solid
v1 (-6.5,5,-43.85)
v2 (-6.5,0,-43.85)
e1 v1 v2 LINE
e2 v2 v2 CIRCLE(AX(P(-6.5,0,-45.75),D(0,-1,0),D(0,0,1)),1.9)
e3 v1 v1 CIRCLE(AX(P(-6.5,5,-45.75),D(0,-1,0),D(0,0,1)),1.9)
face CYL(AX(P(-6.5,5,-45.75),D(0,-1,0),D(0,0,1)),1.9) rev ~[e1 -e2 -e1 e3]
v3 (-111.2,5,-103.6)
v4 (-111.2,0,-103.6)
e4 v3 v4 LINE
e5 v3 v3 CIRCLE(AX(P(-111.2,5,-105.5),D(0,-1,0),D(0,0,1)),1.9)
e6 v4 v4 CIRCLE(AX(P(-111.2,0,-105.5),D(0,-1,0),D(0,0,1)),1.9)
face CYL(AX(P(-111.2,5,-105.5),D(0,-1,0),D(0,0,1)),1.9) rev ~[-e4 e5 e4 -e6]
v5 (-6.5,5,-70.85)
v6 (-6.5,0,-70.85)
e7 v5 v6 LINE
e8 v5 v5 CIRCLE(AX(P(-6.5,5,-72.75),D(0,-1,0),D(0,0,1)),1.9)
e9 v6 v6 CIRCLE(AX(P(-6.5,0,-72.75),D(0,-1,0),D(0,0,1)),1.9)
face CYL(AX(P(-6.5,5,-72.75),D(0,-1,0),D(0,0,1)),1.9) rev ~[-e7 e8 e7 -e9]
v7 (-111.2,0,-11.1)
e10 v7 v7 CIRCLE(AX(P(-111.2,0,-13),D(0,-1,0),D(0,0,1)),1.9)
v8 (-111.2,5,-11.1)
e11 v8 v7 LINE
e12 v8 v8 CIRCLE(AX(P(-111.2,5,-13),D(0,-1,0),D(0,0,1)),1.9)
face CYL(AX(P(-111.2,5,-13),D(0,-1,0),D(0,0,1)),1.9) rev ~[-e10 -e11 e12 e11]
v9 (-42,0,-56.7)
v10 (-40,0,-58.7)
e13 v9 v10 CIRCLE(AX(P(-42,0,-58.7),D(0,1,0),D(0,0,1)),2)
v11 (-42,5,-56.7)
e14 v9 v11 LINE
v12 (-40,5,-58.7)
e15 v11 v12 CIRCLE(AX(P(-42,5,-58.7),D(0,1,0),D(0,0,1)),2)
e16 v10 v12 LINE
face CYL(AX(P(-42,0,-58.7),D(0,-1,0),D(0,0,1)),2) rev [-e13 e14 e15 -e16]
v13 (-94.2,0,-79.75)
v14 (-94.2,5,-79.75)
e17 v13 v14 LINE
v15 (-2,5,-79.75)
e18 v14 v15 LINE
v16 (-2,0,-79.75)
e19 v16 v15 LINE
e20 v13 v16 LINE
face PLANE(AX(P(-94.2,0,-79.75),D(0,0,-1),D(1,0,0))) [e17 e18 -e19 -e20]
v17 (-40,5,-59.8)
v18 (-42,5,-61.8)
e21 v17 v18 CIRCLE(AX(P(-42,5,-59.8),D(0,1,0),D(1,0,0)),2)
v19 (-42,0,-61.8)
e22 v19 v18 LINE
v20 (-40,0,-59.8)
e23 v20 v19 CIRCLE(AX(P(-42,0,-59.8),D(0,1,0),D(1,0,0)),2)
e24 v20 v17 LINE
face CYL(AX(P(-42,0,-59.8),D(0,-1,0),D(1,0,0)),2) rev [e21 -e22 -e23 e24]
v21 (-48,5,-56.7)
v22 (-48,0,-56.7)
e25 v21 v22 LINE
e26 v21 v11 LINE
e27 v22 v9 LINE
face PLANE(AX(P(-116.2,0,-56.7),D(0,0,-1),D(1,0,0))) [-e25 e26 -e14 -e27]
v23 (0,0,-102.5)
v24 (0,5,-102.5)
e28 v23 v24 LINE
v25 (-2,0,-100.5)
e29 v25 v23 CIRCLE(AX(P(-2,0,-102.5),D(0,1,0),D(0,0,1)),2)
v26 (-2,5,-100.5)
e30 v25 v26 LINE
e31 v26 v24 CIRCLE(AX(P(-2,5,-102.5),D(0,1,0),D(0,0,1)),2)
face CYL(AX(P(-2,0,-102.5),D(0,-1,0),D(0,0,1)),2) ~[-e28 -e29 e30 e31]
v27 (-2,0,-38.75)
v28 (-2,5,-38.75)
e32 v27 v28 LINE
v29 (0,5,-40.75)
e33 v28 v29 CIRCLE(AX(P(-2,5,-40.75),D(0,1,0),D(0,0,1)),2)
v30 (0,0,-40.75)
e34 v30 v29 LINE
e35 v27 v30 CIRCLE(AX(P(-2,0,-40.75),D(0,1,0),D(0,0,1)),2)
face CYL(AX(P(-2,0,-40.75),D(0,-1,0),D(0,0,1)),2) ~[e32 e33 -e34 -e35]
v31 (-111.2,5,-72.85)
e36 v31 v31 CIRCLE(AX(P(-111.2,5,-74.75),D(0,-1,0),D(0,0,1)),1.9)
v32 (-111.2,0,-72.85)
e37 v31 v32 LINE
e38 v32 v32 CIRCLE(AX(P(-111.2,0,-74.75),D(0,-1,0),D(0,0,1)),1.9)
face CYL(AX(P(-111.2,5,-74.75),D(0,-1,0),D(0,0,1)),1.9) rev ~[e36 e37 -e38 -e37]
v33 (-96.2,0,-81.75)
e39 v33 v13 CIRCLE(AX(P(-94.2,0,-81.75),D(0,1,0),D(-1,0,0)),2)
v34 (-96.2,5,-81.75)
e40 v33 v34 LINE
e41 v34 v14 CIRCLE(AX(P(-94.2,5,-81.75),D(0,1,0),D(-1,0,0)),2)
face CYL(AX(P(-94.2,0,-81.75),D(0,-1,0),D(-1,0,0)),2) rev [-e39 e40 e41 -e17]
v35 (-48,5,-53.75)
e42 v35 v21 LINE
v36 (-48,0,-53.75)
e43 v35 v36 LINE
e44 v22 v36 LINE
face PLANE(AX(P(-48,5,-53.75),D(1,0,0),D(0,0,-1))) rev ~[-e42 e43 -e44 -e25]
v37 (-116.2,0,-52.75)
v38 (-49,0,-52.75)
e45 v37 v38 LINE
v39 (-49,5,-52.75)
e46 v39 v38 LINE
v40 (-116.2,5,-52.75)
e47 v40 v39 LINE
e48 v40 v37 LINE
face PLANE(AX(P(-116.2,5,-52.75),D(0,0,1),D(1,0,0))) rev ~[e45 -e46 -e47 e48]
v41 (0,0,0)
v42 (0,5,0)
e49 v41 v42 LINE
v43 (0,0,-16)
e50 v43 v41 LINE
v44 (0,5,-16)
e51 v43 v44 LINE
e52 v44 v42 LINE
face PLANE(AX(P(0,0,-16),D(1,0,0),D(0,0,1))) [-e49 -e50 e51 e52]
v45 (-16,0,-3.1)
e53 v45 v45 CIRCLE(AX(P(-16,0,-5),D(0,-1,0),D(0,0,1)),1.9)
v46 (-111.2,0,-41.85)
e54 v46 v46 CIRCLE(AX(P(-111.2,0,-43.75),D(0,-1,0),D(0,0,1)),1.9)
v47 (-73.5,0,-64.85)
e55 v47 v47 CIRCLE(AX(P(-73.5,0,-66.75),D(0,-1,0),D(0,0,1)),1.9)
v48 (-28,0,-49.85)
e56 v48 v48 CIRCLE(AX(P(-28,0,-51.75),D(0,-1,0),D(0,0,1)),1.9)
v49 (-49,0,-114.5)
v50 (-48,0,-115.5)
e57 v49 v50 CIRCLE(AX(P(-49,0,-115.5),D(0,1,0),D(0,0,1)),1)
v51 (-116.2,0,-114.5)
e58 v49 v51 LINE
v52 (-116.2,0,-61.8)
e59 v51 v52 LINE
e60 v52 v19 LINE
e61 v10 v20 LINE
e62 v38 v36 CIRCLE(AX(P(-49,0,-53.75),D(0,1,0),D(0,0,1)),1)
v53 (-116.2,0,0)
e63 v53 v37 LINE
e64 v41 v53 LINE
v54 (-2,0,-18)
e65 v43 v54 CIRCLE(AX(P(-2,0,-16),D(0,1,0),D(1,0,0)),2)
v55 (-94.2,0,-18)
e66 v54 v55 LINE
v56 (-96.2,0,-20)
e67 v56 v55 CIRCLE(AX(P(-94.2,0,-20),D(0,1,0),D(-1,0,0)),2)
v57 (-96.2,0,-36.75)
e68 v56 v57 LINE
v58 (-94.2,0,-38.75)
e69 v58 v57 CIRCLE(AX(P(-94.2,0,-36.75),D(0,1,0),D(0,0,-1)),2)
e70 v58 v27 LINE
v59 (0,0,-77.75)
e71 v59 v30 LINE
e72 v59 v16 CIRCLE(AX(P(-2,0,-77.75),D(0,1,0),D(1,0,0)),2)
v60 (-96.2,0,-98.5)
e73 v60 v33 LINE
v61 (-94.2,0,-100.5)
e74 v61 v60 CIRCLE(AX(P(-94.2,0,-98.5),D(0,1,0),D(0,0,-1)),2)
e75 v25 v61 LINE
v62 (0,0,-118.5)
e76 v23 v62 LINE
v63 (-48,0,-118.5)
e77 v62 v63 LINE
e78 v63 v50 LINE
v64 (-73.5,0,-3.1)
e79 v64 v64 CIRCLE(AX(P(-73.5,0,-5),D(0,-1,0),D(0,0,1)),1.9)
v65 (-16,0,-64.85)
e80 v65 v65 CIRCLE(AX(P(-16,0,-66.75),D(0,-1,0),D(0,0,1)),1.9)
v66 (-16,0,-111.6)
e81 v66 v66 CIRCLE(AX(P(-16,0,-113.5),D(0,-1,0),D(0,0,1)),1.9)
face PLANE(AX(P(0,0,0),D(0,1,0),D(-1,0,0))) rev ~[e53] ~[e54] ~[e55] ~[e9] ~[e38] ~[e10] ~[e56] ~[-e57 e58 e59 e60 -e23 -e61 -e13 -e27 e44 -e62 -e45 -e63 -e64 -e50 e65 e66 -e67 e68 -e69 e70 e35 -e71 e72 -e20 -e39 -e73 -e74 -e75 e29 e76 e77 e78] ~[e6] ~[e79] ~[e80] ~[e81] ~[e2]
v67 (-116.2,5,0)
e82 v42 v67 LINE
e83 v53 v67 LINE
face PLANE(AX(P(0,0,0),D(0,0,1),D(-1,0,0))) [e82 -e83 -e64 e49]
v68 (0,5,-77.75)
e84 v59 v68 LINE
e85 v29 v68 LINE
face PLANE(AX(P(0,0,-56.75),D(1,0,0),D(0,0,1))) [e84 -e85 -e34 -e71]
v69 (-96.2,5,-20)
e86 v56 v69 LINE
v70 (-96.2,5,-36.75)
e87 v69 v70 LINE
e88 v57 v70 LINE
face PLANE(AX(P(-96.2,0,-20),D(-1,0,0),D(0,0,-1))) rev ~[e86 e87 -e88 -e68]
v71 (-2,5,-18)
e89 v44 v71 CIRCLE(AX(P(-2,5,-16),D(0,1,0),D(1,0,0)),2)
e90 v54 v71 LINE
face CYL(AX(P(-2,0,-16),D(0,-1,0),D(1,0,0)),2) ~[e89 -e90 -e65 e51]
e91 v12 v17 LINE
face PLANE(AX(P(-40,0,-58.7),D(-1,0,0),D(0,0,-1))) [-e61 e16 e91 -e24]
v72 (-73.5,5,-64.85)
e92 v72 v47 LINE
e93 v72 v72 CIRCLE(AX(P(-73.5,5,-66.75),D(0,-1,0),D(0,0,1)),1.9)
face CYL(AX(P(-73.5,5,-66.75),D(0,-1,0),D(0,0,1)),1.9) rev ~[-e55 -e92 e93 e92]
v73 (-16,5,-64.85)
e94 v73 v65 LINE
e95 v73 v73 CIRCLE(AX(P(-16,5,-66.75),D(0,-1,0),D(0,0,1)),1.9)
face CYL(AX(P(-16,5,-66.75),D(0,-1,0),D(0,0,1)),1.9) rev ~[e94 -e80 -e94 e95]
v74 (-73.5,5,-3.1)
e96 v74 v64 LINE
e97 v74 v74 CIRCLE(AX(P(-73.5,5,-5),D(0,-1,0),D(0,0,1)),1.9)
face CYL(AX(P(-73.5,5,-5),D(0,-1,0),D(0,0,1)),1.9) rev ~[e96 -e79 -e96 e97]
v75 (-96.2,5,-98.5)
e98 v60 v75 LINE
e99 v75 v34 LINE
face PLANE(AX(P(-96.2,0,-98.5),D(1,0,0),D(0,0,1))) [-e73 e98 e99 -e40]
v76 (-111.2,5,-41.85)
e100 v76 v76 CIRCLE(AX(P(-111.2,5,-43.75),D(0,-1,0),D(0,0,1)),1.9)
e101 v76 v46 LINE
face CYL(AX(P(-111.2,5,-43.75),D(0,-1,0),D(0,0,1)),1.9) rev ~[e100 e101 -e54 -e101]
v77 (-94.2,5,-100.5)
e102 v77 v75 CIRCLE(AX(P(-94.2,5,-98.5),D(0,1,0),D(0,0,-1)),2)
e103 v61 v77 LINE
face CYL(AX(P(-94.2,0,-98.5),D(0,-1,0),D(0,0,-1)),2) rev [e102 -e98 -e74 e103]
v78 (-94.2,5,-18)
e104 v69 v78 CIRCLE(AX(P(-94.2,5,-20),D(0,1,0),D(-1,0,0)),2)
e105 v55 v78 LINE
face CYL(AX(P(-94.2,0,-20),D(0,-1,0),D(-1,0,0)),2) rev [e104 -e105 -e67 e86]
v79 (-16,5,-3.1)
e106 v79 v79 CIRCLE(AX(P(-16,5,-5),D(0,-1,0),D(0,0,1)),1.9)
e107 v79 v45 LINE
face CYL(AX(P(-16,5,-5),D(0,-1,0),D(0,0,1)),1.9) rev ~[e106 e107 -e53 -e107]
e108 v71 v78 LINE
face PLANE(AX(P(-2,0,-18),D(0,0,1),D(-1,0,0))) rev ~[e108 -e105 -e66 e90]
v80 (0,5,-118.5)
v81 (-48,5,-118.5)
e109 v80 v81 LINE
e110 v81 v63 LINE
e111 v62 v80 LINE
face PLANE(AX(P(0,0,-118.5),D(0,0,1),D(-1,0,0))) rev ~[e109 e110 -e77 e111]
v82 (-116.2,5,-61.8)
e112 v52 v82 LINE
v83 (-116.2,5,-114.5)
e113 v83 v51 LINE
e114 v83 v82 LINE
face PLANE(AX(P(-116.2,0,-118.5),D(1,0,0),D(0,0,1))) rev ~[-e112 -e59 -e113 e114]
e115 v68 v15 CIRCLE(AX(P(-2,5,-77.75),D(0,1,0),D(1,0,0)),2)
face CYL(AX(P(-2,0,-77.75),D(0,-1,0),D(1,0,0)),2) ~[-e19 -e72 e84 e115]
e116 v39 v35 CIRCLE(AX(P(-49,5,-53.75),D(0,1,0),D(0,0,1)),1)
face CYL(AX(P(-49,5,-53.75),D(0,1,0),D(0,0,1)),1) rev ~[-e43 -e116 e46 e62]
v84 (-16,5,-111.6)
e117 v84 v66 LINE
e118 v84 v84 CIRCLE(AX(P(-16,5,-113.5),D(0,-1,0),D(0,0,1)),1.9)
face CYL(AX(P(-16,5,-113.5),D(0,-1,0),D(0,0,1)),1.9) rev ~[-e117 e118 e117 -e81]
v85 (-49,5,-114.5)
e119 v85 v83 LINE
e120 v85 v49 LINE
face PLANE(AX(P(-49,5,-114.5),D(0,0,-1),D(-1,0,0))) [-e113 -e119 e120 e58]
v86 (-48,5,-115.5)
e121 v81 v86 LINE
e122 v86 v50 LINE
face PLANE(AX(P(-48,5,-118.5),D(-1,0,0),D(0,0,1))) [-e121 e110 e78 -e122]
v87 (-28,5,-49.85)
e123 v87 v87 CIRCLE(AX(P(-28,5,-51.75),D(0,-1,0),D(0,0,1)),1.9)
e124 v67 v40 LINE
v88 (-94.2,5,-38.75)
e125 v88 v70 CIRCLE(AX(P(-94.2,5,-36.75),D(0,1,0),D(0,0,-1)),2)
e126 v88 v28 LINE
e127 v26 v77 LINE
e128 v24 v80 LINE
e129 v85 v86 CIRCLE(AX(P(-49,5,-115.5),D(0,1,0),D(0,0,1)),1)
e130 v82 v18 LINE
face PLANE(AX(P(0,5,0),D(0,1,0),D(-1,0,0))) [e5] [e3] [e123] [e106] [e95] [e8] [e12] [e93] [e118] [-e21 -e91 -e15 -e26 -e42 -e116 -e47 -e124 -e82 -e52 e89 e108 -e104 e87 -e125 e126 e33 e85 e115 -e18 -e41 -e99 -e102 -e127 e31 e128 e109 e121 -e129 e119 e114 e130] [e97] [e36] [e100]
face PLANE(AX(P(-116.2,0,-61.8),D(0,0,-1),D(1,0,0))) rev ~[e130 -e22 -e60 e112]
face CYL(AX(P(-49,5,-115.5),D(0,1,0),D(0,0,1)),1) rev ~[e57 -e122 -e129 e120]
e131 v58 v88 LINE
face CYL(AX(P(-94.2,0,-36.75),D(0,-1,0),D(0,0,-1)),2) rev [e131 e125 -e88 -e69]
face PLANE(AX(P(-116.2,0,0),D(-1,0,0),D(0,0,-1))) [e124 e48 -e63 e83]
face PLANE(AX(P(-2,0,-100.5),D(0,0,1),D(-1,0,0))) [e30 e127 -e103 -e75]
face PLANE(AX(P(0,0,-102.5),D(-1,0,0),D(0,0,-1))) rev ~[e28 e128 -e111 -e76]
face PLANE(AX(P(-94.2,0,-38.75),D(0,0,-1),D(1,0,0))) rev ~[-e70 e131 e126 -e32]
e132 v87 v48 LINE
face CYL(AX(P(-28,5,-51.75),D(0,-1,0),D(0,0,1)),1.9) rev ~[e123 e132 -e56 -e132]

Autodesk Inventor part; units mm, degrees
ref_plane "YZ Plane" through (0, 0, 0) normal (1, 0, 0) x (0, 1, 0)
ref_plane "XZ Plane" through (0, 0, 0) normal (0, 1, 0) x (-1, 0, 0)
ref_plane "XY Plane" through (0, 0, 0) normal (0, 0, 1) x (1, 0, 0)
sketch "Sketch1" plane through (0, 0, 0) normal (0, 1, 0) x (-1, 0, 0)
  line L0 (0, 0) -> (116.2, 0)
  line L1 (116.2, 0) -> (116.2, -56.7)
  line L2 (116.2, -56.7) -> (42, -56.7)
  line L3 (2, -18) -> (94.2, -18)
  line L4 (96.2, -20) -> (96.2, -36.75)
  line L5 (94.2, -38.75) -> (2, -38.75)
  arc A0 (96.2, -20) -> (94.2, -18) centre (94.2, -20) ccw
  arc A1 (94.2, -38.75) -> (96.2, -36.75) centre (94.2, -36.75) ccw
  line L6 (0, -56.75) -> (0, -40.75)
  line L7 (0, -16) -> (0, 0)
  arc A2 (0, -16) -> (2, -18) centre (2, -16) ccw
  arc A3 (2, -38.75) -> (0, -40.75) centre (2, -40.75) ccw
  line L8 (151.2965, -59.25) -> (-22.324, -59.25) construction
  line L9 (0, -118.5) -> (116.2, -118.5)
  line L10 (116.2, -118.5) -> (116.2, -61.8)
  line L11 (116.2, -61.8) -> (42, -61.8)
  line L12 (2, -100.5) -> (94.2, -100.5)
  line L13 (96.2, -98.5) -> (96.2, -81.75)
  line L14 (94.2, -79.75) -> (2, -79.75)
  arc A4 (94.2, -100.5) -> (96.2, -98.5) centre (94.2, -98.5) ccw
  arc A5 (96.2, -81.75) -> (94.2, -79.75) centre (94.2, -81.75) ccw
  line L15 (0, -61.75) -> (0, -77.75)
  line L16 (0, -102.5) -> (0, -118.5)
  arc A6 (2, -100.5) -> (0, -102.5) centre (2, -102.5) ccw
  arc A7 (0, -77.75) -> (2, -79.75) centre (2, -77.75) ccw
  line L17 (40, -58.7) -> (40, -59.8)
  line L18 (0, -61.75) -> (0, -56.75)
  arc A8 (40, -59.8) -> (42, -61.8) centre (42, -59.8) ccw
  arc A9 (42, -56.7) -> (40, -58.7) centre (42, -58.7) ccw
  point P0 (96.2, -38.75)
  point P1 (96.2, -18)
  point P2 (0, -38.75)
  point P3 (0, -28.375)
  point P4 (96.2, -79.75)
  point P5 (96.2, -100.5)
  point P6 (0, -79.75)
  point P7 (0, -90.125)
  dimension "d3" = 20.75
  dimension "d4" = 2
  dimension "d11" = 2
  dimension "d26" = 2
  dimension "d27" = 59.25
  dimension "d28" = 59.25
  dimension "d29" = 116.2
  dimension "d30" = 20
  dimension "d31" = 5.1
  dimension "d32" = 2.55
  dimension "d33" = 40
  dimension "d34" = 18
extrude "Extrusion1" add sketch "Sketch1" along normal blind 5
sketch "Sketch3" plane through (0, 5, 0) normal (0, 1, 0) x (1, 0, 0)
  line L0 (-141.9344, 59.25) -> (33.9299, 59.25) construction
  line L1 (0, 40.75) -> (0, 77.75) construction
  line L2 (-141.9344, 66.75) -> (21.3081, 66.75) construction
  line L3 (-111.2, -34.402) -> (-111.2, 125.7551) construction
  line L4 (-130.4345, 113.5) -> (5.6009, 113.5) construction
  line L5 (-141.9344, 5) -> (8.4057, 5) construction
  line L6 (-116.2, 0) -> (0, 0) construction
  line L7 (0, 118.5) -> (-116.2, 118.5) construction
  line L8 (-150.0685, 51.75) -> (12.052, 51.75) construction
  line L9 (-16, -62.5764) -> (-16, 180.6044) construction
  line L10 (0, 102.5) -> (0, 118.5) construction
  line L11 (-73.5, -39.5766) -> (-73.5, 137.6901) construction
  line L12 (-73.5, -38.2066) -> (-73.5, 155.6811) construction
  line L13 (-116.2, 56.7) -> (-116.2, 0) projected
  point P0 (0, 59.25)
  point P1 (-111.2, 13)
  point P2 (-111.2, 43.75)
  point P3 (-111.2, 74.75)
  point P4 (-111.2, 105.5)
  point P5 (-16, 5)
  point P6 (-16, 113.5)
  point P7 (-16, 66.75)
  point P8 (-73.5, 66.75)
  point P9 (-28, 51.75)
  point P10 (-73.5, 5)
  dimension "d35" = 5
  dimension "d36" = 5
  dimension "d37" = 7.5
  dimension "d38" = 13
  dimension "d39" = 15.5
  dimension "d40" = 15.5
  dimension "d41" = 13
  dimension "d42" = 7.5
  dimension "d43" = 16
  dimension "d44" = 12
  dimension "d45" = 73.5
  dimension "d53" = 73.5
  dimension "d54" = 5
hole "Hole1" at (-111.2, 5, -13) at (-111.2, 5, -43.75) at (-111.2, 5, -74.75) at (-111.2, 5, -105.5) at (-16, 5, -5) at (-16, 5, -113.5) at (-16, 5, -66.75) at (-73.5, 5, -66.75) at (-28, 5, -51.75) at (-73.5, 5, -5) direction (0, -1, 0) diameter 3.8 end through all
sketch "Sketch4" plane through (0, 5, 0) normal (0, 1, 0) x (1, 0, 0)
  line L0 (-116.2, 52.75) -> (-49, 52.75)
  line L1 (-48, 53.75) -> (-48, 64.75)
  line L2 (-49, 65.75) -> (-116.2, 65.75)
  line L3 (-116.2, 65.75) -> (-116.2, 52.75)
  line L4 (-144.8708, 59.25) -> (29.3106, 59.25) construction
  line L5 (-40, 59.8) -> (-40, 58.7) construction
  line L6 (0, 40.75) -> (0, 77.75) projected
  line L7 (0, 102.5) -> (0, 118.5) projected
  arc A0 (-48, 64.75) -> (-49, 65.75) centre (-49, 64.75) ccw
  arc A1 (-49, 52.75) -> (-48, 53.75) centre (-49, 53.75) ccw
  line L8 (-116.2, 59.25) -> (-48, 59.25)
  line L9 (0, 118.5) -> (-116.2, 118.5) projected
  line L10 (-116.2, 118.5) -> (-48, 118.5)
  line L11 (-48, 118.5) -> (-48, 115.5)
  line L12 (-49, 114.5) -> (-116.2, 114.5)
  line L13 (-116.2, 114.5) -> (-116.2, 118.5)
  arc A2 (-49, 114.5) -> (-48, 115.5) centre (-49, 115.5) ccw
  circle A3 centre (-28, 51.75) radius 1.9 projected
  circle A4 centre (-16, 66.75) radius 1.9 projected
  circle A5 centre (-16, 5) radius 1.9 projected
  circle A6 centre (-111.2, 74.75) radius 1.9 projected
  circle A7 centre (-111.2, 13) radius 1.9 projected
  circle A8 centre (-111.2, 43.75) radius 1.9 projected
  circle A9 centre (-111.2, 105.5) radius 1.9 projected
  circle A10 centre (-16, 113.5) radius 1.9 projected
  circle A11 centre (-73.5, 66.75) radius 1.9 projected
  circle A12 centre (-73.5, 5) radius 1.9 projected
  line L14 (-2, 18) -> (-94.2, 18) projected
  arc A13 (-96.2, 20) -> (-94.2, 18) centre (-94.2, 20) ccw projected
  line L15 (-96.2, 20) -> (-96.2, 36.75) projected
  arc A14 (-94.2, 38.75) -> (-96.2, 36.75) centre (-94.2, 36.75) ccw projected
  line L16 (-94.2, 38.75) -> (-2, 38.75) projected
  arc A15 (-2, 38.75) -> (0, 40.75) centre (-2, 40.75) ccw projected
  line L17 (0, 40.75) -> (0, 77.75) projected
  arc A16 (0, 77.75) -> (-2, 79.75) centre (-2, 77.75) ccw projected
  line L18 (-2, 79.75) -> (-94.2, 79.75) projected
  arc A17 (-96.2, 81.75) -> (-94.2, 79.75) centre (-94.2, 81.75) ccw projected
  line L19 (-96.2, 81.75) -> (-96.2, 98.5) projected
  arc A18 (-94.2, 100.5) -> (-96.2, 98.5) centre (-94.2, 98.5) ccw projected
  line L20 (-94.2, 100.5) -> (-2, 100.5) projected
  arc A19 (-2, 100.5) -> (0, 102.5) centre (-2, 102.5) ccw projected
  line L21 (0, 102.5) -> (0, 118.5) projected
  line L22 (0, 118.5) -> (-116.2, 118.5) projected
  line L23 (-116.2, 118.5) -> (-116.2, 61.8) projected
  line L24 (-116.2, 61.8) -> (-42, 61.8) projected
  arc A20 (-40, 59.8) -> (-42, 61.8) centre (-42, 59.8) ccw projected
  line L25 (-40, 59.8) -> (-40, 58.7) projected
  arc A21 (-42, 56.7) -> (-40, 58.7) centre (-42, 58.7) ccw projected
  line L26 (-42, 56.7) -> (-116.2, 56.7) projected
  line L27 (-116.2, 56.7) -> (-116.2, 0) projected
  line L28 (-116.2, 0) -> (0, 0) projected
  line L29 (0, 0) -> (0, 16) projected
  arc A22 (0, 16) -> (-2, 18) centre (-2, 16) ccw projected
  point P0 (-40, 59.25)
  dimension "d55" = 48
  dimension "d57" = 6.5
  dimension "d58" = 13
  dimension "d64" = 4
extrude "Extrusion2" cut sketch "Sketch4" against normal blind 5 contours L3 L26 L1 A1 L0 | L3 L8 L1 L26 | L13 L9 L11 A2 L12
sketch "Sketch5" plane through (0, 5, 0) normal (0, 1, 0) x (1, 0, 0)
  line L0 (-6.5, 90.3299) -> (-6.5, 26.5621) construction
  line L1 (0, 40.75) -> (0, 77.75) projected
  line L2 (-18, 59.25) -> (18, 59.25) construction
  point P0 (0, 0)
  point P1 (0, 59.25)
  point P2 (0, 59.25)
  point P3 (-6.5, 72.75)
  point P4 (-6.5, 45.75)
  dimension "d66" = 6.5
  dimension "d67" = 13.5
  dimension "d68" = 13.5
hole "Hole2" at (-6.5, 5, -72.75) at (-6.5, 5, -45.75) direction (0, -1, 0) diameter 3.8 end through all
properties part number "Battery Top Plate"
